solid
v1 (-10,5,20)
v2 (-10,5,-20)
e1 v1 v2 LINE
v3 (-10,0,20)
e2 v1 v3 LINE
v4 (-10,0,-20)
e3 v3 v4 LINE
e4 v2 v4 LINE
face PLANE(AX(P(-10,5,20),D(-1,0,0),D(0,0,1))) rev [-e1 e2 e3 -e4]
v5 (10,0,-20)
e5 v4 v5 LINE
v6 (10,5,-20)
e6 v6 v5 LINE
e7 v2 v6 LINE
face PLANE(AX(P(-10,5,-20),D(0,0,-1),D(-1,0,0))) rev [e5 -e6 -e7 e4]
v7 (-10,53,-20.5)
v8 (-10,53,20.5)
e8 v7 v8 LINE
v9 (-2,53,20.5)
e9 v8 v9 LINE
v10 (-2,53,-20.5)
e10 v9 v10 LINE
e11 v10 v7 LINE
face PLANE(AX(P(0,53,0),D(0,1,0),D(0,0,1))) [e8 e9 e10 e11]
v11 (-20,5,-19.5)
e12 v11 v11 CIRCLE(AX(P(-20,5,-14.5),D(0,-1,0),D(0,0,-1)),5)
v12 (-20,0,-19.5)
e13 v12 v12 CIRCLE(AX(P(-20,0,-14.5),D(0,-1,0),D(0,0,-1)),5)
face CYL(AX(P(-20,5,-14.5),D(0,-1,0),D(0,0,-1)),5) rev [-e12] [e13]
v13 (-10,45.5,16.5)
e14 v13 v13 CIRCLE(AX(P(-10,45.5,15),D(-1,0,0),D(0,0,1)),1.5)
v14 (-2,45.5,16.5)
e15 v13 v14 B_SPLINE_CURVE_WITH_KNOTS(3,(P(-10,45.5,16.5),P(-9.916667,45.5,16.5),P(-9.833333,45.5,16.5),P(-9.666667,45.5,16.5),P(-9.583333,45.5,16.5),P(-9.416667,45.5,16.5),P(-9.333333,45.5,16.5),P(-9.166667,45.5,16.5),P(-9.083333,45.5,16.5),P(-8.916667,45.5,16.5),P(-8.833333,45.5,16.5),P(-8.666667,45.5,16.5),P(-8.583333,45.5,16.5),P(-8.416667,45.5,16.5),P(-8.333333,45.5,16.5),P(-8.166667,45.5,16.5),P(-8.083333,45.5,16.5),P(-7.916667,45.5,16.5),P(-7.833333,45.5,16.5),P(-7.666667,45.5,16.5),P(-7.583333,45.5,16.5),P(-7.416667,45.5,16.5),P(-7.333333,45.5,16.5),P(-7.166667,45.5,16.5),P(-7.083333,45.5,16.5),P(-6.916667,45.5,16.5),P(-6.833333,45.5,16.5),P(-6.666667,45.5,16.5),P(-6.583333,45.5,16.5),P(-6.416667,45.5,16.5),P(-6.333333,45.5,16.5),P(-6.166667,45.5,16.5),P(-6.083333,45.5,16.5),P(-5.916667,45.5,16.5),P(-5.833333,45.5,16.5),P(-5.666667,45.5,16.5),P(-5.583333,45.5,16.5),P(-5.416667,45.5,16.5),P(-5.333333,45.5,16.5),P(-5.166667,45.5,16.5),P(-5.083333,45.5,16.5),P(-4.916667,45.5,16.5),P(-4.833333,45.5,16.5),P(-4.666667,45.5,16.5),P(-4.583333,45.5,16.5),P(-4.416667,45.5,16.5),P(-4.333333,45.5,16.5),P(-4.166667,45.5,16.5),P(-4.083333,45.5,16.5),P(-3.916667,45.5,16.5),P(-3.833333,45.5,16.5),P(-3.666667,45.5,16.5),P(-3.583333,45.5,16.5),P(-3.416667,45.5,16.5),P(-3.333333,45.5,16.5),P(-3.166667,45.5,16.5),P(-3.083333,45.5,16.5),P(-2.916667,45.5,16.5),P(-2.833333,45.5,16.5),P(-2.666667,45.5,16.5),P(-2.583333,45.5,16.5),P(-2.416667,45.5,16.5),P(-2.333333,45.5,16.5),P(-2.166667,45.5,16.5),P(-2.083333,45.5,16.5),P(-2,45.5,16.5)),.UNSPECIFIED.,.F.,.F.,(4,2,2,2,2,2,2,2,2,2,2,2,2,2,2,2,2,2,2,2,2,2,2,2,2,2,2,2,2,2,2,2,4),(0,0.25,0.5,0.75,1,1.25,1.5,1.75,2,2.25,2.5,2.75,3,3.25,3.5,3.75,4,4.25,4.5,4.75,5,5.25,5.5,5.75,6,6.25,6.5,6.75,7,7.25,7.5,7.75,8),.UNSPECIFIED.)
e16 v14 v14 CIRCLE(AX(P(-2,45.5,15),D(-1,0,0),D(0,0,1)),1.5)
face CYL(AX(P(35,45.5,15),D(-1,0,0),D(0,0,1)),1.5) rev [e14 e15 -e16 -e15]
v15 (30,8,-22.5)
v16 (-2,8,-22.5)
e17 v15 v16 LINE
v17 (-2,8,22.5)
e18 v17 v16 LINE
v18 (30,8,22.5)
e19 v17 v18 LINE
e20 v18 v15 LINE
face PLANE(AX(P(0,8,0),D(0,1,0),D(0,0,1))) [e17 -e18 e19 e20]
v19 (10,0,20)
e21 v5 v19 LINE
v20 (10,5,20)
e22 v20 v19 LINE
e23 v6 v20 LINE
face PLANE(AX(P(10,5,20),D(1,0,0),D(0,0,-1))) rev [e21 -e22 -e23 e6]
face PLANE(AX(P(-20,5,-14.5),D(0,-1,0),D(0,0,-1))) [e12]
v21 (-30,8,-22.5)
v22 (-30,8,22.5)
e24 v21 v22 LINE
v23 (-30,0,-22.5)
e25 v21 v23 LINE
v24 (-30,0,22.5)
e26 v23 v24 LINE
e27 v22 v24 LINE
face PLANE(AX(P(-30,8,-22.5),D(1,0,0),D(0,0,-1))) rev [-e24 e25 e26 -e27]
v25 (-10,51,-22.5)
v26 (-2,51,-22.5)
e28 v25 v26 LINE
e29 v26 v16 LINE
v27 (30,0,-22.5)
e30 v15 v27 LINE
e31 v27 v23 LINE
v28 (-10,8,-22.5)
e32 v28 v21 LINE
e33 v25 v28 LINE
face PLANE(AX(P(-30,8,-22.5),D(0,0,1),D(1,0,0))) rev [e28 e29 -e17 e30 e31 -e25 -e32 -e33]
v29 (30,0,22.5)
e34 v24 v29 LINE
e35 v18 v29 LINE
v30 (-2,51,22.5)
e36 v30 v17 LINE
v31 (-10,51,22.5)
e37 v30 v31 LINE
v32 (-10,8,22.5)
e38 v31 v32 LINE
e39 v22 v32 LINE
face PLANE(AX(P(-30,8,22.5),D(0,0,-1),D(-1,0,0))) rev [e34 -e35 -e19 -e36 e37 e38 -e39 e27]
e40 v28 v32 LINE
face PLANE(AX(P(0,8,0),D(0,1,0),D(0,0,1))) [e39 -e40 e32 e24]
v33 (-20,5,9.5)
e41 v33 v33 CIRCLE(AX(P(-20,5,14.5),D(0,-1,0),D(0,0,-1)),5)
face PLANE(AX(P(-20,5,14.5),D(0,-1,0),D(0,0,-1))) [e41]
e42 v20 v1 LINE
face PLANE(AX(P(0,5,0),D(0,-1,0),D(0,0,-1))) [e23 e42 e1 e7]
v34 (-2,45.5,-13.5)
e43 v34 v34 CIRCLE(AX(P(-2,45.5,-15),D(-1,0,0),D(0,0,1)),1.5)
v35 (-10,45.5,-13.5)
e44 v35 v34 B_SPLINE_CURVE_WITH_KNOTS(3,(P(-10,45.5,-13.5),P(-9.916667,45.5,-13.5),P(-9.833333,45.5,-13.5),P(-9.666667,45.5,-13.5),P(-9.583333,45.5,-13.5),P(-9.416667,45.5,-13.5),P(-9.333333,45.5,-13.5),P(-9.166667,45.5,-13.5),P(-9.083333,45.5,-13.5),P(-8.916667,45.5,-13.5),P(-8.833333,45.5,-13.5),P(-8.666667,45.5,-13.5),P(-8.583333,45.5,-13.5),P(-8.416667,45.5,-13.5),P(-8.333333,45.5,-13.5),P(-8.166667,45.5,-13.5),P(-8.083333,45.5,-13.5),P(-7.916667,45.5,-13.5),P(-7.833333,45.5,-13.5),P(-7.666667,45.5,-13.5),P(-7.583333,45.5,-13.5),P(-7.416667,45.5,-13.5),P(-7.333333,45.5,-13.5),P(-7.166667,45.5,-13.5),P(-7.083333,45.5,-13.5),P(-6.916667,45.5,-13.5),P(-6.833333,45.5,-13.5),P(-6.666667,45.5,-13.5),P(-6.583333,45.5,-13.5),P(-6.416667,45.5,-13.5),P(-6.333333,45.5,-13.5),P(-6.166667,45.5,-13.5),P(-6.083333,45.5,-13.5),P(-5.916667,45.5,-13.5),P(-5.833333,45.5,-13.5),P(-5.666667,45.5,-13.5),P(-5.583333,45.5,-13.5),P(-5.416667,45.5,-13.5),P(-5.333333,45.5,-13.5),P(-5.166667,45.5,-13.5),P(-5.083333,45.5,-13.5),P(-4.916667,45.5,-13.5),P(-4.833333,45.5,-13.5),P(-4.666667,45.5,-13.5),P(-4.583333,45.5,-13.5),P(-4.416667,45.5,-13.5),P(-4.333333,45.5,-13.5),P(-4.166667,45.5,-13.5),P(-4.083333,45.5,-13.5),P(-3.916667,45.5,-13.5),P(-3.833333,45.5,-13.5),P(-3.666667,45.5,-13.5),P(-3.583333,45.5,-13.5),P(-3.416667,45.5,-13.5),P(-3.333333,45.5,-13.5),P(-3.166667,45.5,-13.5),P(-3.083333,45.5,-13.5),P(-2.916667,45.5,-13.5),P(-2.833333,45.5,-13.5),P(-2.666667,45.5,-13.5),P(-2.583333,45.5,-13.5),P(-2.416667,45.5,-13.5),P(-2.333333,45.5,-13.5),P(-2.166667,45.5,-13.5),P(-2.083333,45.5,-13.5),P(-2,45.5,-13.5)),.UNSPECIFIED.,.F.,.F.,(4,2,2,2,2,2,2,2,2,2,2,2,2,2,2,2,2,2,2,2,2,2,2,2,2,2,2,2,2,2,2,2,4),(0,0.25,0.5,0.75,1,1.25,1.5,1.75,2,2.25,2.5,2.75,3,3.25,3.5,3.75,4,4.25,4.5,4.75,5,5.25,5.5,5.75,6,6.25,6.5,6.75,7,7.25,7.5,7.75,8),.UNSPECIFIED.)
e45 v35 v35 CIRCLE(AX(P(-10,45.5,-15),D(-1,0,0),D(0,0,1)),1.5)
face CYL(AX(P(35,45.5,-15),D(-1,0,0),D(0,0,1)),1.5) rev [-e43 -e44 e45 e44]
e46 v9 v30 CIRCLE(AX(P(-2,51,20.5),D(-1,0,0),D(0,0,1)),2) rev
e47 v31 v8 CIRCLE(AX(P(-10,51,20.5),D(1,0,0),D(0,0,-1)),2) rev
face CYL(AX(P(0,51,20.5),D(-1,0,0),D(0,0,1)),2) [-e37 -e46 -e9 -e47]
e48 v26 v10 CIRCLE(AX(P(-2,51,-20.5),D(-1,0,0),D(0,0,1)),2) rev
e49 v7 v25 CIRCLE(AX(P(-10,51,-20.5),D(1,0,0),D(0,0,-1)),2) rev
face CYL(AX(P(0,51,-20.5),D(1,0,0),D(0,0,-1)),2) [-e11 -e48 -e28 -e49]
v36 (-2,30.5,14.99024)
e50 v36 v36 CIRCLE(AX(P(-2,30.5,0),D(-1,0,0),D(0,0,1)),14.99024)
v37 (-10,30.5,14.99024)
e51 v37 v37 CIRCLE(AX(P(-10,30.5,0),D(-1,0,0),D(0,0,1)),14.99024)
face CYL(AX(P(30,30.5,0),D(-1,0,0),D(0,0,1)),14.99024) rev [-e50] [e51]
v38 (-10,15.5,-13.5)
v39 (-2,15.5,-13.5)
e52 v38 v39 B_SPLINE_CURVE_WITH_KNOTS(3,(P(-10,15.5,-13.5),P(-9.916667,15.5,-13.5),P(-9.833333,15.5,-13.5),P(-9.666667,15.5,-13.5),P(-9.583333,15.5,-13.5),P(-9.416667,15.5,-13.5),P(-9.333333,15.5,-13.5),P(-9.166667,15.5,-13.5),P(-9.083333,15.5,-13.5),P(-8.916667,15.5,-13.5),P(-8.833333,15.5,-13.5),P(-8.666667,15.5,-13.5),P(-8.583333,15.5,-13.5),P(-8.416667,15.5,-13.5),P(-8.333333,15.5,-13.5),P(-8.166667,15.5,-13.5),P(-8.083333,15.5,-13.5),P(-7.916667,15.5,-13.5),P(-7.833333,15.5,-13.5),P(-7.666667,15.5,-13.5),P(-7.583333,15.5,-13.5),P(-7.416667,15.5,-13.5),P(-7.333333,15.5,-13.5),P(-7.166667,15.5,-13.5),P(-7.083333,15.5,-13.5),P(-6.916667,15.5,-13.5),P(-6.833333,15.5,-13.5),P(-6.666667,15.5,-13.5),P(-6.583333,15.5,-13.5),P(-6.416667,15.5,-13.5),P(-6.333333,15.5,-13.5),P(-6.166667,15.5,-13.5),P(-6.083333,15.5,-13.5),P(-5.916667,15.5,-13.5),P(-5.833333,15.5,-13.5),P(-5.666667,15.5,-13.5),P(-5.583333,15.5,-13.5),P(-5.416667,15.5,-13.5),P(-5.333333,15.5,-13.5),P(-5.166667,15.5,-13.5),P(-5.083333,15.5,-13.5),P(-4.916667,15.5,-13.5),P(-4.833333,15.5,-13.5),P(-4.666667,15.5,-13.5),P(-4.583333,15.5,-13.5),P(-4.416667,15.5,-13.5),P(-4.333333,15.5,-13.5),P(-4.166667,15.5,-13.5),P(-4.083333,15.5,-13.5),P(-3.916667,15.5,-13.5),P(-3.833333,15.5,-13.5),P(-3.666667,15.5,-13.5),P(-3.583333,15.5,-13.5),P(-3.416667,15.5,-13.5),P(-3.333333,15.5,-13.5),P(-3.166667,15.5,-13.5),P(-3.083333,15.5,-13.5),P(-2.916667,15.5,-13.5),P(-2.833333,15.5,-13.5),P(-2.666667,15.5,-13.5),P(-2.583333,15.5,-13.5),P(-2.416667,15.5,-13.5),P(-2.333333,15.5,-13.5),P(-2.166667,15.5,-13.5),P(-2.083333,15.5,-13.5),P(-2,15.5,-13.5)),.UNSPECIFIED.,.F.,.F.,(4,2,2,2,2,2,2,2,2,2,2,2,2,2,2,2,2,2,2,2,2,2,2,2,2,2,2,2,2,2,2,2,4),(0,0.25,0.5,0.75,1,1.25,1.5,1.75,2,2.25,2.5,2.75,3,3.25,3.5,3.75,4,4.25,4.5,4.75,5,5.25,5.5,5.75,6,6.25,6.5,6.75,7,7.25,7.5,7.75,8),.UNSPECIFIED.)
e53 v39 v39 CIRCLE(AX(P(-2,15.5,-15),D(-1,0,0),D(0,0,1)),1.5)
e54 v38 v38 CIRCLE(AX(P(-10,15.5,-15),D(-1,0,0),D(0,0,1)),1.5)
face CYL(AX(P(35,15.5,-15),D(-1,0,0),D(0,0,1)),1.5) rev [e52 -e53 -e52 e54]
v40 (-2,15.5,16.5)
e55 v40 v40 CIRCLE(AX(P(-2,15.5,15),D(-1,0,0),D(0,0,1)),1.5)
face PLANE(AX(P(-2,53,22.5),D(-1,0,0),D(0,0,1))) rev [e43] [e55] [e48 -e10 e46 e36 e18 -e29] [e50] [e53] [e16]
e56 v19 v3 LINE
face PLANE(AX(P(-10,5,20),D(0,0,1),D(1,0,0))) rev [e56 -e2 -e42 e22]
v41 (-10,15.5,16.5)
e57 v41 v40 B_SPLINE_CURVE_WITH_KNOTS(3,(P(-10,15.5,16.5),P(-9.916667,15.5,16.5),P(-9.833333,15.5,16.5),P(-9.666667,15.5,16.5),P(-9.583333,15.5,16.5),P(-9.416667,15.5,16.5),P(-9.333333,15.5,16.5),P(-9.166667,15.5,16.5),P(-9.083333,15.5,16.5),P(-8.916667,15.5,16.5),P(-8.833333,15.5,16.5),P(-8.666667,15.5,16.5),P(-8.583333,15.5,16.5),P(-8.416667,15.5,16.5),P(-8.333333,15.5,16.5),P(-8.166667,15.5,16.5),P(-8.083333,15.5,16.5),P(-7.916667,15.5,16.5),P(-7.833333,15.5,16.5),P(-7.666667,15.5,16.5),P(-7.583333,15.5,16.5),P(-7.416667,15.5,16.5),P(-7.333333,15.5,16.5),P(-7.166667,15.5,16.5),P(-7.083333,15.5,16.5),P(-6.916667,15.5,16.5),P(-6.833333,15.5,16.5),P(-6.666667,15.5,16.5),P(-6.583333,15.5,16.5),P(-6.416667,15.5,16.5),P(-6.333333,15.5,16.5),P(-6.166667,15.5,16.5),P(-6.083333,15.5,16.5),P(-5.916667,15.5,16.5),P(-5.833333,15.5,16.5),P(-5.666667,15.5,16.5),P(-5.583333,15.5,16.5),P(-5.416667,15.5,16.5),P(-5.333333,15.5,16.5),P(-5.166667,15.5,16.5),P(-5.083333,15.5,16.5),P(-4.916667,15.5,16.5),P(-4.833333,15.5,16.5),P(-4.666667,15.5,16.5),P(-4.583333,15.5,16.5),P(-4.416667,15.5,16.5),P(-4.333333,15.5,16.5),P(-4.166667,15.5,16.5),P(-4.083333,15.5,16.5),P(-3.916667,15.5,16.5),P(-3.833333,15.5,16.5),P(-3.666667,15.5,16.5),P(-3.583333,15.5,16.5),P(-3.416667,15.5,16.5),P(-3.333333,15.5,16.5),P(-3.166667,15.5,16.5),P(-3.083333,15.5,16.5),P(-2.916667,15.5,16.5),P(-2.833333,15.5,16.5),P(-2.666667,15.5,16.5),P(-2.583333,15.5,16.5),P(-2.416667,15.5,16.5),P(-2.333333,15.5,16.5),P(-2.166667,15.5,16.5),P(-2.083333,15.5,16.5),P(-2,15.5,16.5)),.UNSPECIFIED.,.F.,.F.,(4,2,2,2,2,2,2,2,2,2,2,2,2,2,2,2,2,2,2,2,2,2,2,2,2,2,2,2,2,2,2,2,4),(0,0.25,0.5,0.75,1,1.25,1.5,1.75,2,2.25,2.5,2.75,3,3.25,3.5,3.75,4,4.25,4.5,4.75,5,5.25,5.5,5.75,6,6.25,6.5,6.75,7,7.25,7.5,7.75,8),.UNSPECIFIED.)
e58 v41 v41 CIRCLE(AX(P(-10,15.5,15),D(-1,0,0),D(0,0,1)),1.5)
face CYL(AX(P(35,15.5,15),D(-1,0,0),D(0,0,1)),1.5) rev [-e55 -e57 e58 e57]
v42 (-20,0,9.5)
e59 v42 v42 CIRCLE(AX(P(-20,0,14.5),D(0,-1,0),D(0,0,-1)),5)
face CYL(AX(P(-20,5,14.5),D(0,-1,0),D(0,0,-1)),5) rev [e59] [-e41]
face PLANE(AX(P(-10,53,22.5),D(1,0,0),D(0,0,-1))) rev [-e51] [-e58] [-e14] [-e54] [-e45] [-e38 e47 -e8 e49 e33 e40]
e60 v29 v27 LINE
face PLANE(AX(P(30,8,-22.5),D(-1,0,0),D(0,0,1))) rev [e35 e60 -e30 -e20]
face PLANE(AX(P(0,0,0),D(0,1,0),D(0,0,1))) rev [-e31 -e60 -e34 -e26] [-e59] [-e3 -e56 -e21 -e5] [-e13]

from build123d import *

# Parameters (mm, degrees)
SKETCH1_W           = 60
SKETCH1_H           = 45
BOSS_EXTRUDE1_DEPTH = 8
SKETCH2_R           = 5
CUT_EXTRUDE1_DEPTH  = 5
SKETCH3_W           = 20
SKETCH3_H           = 40
CUT_EXTRUDE2_DEPTH  = 5
SKETCH4_W           = 8
SKETCH4_H           = 45
BOSS_EXTRUDE3_DEPTH = 45
SKETCH6_R           = 1.5
CUT_EXTRUDE3_DEPTH  = 45
FILLET2_R           = 2
SKETCH7_R           = 14.99024042
CUT_EXTRUDE4_DEPTH  = 71.10884395


with BuildPart() as part:
    # Sketch1 → Boss-Extrude1 (new body)
    with BuildSketch(Plane(origin=(0, 0, 0), x_dir=(1, 0, 0), z_dir=(0, 1, 0))):
        Rectangle(SKETCH1_W, SKETCH1_H)
    extrude(amount=BOSS_EXTRUDE1_DEPTH)

    # Sketch2 → Cut-Extrude1 (cut)
    with BuildSketch(Plane.XZ):
        with Locations(Location((-20, 14.5, 0), (0, 0, 270))):
            Circle(SKETCH2_R)
        with Locations(Location((-20, -14.5, 0), (0, 0, 270))):
            Circle(SKETCH2_R)
    extrude(amount=-CUT_EXTRUDE1_DEPTH, mode=Mode.SUBTRACT)

    # Sketch3 → Cut-Extrude2 (cut)
    with BuildSketch(Plane.XZ):
        Rectangle(SKETCH3_W, SKETCH3_H)
    extrude(amount=-CUT_EXTRUDE2_DEPTH, mode=Mode.SUBTRACT)

    # Sketch4 → Boss-Extrude3 (add)
    with BuildSketch(Plane(origin=(0, 8, 0), x_dir=(1, 0, 0), z_dir=(0, 1, 0))):
        with Locations((-6, 0)):
            Rectangle(SKETCH4_W, SKETCH4_H)
    extrude(amount=BOSS_EXTRUDE3_DEPTH)

    # Sketch6 → Cut-Extrude3 (cut)
    with BuildSketch(Plane.ZY.offset(10)):
        with Locations((-15, 45.5)):
            Circle(SKETCH6_R)
        with Locations((15, 45.5)):
            Circle(SKETCH6_R)
        with Locations((15, 15.5)):
            Circle(SKETCH6_R)
        with Locations((-15, 15.5)):
            Circle(SKETCH6_R)
    extrude(amount=-CUT_EXTRUDE3_DEPTH, mode=Mode.SUBTRACT)

    # Fillet2
    fillet2_edges = [part.edges().sort_by_distance(p)[0] for p in [
        (-6, 53, -22.5),
        (-6, 53, 22.5),
    ]]
    fillet(fillet2_edges, radius=FILLET2_R)

    # Sketch7 → Cut-Extrude4 (cut, through all)
    with BuildSketch(Plane.ZY.offset(10)):
        with Locations((0, 30.5)):
            Circle(SKETCH7_R)
    extrude(amount=-CUT_EXTRUDE4_DEPTH, mode=Mode.SUBTRACT)


solid = part.part
